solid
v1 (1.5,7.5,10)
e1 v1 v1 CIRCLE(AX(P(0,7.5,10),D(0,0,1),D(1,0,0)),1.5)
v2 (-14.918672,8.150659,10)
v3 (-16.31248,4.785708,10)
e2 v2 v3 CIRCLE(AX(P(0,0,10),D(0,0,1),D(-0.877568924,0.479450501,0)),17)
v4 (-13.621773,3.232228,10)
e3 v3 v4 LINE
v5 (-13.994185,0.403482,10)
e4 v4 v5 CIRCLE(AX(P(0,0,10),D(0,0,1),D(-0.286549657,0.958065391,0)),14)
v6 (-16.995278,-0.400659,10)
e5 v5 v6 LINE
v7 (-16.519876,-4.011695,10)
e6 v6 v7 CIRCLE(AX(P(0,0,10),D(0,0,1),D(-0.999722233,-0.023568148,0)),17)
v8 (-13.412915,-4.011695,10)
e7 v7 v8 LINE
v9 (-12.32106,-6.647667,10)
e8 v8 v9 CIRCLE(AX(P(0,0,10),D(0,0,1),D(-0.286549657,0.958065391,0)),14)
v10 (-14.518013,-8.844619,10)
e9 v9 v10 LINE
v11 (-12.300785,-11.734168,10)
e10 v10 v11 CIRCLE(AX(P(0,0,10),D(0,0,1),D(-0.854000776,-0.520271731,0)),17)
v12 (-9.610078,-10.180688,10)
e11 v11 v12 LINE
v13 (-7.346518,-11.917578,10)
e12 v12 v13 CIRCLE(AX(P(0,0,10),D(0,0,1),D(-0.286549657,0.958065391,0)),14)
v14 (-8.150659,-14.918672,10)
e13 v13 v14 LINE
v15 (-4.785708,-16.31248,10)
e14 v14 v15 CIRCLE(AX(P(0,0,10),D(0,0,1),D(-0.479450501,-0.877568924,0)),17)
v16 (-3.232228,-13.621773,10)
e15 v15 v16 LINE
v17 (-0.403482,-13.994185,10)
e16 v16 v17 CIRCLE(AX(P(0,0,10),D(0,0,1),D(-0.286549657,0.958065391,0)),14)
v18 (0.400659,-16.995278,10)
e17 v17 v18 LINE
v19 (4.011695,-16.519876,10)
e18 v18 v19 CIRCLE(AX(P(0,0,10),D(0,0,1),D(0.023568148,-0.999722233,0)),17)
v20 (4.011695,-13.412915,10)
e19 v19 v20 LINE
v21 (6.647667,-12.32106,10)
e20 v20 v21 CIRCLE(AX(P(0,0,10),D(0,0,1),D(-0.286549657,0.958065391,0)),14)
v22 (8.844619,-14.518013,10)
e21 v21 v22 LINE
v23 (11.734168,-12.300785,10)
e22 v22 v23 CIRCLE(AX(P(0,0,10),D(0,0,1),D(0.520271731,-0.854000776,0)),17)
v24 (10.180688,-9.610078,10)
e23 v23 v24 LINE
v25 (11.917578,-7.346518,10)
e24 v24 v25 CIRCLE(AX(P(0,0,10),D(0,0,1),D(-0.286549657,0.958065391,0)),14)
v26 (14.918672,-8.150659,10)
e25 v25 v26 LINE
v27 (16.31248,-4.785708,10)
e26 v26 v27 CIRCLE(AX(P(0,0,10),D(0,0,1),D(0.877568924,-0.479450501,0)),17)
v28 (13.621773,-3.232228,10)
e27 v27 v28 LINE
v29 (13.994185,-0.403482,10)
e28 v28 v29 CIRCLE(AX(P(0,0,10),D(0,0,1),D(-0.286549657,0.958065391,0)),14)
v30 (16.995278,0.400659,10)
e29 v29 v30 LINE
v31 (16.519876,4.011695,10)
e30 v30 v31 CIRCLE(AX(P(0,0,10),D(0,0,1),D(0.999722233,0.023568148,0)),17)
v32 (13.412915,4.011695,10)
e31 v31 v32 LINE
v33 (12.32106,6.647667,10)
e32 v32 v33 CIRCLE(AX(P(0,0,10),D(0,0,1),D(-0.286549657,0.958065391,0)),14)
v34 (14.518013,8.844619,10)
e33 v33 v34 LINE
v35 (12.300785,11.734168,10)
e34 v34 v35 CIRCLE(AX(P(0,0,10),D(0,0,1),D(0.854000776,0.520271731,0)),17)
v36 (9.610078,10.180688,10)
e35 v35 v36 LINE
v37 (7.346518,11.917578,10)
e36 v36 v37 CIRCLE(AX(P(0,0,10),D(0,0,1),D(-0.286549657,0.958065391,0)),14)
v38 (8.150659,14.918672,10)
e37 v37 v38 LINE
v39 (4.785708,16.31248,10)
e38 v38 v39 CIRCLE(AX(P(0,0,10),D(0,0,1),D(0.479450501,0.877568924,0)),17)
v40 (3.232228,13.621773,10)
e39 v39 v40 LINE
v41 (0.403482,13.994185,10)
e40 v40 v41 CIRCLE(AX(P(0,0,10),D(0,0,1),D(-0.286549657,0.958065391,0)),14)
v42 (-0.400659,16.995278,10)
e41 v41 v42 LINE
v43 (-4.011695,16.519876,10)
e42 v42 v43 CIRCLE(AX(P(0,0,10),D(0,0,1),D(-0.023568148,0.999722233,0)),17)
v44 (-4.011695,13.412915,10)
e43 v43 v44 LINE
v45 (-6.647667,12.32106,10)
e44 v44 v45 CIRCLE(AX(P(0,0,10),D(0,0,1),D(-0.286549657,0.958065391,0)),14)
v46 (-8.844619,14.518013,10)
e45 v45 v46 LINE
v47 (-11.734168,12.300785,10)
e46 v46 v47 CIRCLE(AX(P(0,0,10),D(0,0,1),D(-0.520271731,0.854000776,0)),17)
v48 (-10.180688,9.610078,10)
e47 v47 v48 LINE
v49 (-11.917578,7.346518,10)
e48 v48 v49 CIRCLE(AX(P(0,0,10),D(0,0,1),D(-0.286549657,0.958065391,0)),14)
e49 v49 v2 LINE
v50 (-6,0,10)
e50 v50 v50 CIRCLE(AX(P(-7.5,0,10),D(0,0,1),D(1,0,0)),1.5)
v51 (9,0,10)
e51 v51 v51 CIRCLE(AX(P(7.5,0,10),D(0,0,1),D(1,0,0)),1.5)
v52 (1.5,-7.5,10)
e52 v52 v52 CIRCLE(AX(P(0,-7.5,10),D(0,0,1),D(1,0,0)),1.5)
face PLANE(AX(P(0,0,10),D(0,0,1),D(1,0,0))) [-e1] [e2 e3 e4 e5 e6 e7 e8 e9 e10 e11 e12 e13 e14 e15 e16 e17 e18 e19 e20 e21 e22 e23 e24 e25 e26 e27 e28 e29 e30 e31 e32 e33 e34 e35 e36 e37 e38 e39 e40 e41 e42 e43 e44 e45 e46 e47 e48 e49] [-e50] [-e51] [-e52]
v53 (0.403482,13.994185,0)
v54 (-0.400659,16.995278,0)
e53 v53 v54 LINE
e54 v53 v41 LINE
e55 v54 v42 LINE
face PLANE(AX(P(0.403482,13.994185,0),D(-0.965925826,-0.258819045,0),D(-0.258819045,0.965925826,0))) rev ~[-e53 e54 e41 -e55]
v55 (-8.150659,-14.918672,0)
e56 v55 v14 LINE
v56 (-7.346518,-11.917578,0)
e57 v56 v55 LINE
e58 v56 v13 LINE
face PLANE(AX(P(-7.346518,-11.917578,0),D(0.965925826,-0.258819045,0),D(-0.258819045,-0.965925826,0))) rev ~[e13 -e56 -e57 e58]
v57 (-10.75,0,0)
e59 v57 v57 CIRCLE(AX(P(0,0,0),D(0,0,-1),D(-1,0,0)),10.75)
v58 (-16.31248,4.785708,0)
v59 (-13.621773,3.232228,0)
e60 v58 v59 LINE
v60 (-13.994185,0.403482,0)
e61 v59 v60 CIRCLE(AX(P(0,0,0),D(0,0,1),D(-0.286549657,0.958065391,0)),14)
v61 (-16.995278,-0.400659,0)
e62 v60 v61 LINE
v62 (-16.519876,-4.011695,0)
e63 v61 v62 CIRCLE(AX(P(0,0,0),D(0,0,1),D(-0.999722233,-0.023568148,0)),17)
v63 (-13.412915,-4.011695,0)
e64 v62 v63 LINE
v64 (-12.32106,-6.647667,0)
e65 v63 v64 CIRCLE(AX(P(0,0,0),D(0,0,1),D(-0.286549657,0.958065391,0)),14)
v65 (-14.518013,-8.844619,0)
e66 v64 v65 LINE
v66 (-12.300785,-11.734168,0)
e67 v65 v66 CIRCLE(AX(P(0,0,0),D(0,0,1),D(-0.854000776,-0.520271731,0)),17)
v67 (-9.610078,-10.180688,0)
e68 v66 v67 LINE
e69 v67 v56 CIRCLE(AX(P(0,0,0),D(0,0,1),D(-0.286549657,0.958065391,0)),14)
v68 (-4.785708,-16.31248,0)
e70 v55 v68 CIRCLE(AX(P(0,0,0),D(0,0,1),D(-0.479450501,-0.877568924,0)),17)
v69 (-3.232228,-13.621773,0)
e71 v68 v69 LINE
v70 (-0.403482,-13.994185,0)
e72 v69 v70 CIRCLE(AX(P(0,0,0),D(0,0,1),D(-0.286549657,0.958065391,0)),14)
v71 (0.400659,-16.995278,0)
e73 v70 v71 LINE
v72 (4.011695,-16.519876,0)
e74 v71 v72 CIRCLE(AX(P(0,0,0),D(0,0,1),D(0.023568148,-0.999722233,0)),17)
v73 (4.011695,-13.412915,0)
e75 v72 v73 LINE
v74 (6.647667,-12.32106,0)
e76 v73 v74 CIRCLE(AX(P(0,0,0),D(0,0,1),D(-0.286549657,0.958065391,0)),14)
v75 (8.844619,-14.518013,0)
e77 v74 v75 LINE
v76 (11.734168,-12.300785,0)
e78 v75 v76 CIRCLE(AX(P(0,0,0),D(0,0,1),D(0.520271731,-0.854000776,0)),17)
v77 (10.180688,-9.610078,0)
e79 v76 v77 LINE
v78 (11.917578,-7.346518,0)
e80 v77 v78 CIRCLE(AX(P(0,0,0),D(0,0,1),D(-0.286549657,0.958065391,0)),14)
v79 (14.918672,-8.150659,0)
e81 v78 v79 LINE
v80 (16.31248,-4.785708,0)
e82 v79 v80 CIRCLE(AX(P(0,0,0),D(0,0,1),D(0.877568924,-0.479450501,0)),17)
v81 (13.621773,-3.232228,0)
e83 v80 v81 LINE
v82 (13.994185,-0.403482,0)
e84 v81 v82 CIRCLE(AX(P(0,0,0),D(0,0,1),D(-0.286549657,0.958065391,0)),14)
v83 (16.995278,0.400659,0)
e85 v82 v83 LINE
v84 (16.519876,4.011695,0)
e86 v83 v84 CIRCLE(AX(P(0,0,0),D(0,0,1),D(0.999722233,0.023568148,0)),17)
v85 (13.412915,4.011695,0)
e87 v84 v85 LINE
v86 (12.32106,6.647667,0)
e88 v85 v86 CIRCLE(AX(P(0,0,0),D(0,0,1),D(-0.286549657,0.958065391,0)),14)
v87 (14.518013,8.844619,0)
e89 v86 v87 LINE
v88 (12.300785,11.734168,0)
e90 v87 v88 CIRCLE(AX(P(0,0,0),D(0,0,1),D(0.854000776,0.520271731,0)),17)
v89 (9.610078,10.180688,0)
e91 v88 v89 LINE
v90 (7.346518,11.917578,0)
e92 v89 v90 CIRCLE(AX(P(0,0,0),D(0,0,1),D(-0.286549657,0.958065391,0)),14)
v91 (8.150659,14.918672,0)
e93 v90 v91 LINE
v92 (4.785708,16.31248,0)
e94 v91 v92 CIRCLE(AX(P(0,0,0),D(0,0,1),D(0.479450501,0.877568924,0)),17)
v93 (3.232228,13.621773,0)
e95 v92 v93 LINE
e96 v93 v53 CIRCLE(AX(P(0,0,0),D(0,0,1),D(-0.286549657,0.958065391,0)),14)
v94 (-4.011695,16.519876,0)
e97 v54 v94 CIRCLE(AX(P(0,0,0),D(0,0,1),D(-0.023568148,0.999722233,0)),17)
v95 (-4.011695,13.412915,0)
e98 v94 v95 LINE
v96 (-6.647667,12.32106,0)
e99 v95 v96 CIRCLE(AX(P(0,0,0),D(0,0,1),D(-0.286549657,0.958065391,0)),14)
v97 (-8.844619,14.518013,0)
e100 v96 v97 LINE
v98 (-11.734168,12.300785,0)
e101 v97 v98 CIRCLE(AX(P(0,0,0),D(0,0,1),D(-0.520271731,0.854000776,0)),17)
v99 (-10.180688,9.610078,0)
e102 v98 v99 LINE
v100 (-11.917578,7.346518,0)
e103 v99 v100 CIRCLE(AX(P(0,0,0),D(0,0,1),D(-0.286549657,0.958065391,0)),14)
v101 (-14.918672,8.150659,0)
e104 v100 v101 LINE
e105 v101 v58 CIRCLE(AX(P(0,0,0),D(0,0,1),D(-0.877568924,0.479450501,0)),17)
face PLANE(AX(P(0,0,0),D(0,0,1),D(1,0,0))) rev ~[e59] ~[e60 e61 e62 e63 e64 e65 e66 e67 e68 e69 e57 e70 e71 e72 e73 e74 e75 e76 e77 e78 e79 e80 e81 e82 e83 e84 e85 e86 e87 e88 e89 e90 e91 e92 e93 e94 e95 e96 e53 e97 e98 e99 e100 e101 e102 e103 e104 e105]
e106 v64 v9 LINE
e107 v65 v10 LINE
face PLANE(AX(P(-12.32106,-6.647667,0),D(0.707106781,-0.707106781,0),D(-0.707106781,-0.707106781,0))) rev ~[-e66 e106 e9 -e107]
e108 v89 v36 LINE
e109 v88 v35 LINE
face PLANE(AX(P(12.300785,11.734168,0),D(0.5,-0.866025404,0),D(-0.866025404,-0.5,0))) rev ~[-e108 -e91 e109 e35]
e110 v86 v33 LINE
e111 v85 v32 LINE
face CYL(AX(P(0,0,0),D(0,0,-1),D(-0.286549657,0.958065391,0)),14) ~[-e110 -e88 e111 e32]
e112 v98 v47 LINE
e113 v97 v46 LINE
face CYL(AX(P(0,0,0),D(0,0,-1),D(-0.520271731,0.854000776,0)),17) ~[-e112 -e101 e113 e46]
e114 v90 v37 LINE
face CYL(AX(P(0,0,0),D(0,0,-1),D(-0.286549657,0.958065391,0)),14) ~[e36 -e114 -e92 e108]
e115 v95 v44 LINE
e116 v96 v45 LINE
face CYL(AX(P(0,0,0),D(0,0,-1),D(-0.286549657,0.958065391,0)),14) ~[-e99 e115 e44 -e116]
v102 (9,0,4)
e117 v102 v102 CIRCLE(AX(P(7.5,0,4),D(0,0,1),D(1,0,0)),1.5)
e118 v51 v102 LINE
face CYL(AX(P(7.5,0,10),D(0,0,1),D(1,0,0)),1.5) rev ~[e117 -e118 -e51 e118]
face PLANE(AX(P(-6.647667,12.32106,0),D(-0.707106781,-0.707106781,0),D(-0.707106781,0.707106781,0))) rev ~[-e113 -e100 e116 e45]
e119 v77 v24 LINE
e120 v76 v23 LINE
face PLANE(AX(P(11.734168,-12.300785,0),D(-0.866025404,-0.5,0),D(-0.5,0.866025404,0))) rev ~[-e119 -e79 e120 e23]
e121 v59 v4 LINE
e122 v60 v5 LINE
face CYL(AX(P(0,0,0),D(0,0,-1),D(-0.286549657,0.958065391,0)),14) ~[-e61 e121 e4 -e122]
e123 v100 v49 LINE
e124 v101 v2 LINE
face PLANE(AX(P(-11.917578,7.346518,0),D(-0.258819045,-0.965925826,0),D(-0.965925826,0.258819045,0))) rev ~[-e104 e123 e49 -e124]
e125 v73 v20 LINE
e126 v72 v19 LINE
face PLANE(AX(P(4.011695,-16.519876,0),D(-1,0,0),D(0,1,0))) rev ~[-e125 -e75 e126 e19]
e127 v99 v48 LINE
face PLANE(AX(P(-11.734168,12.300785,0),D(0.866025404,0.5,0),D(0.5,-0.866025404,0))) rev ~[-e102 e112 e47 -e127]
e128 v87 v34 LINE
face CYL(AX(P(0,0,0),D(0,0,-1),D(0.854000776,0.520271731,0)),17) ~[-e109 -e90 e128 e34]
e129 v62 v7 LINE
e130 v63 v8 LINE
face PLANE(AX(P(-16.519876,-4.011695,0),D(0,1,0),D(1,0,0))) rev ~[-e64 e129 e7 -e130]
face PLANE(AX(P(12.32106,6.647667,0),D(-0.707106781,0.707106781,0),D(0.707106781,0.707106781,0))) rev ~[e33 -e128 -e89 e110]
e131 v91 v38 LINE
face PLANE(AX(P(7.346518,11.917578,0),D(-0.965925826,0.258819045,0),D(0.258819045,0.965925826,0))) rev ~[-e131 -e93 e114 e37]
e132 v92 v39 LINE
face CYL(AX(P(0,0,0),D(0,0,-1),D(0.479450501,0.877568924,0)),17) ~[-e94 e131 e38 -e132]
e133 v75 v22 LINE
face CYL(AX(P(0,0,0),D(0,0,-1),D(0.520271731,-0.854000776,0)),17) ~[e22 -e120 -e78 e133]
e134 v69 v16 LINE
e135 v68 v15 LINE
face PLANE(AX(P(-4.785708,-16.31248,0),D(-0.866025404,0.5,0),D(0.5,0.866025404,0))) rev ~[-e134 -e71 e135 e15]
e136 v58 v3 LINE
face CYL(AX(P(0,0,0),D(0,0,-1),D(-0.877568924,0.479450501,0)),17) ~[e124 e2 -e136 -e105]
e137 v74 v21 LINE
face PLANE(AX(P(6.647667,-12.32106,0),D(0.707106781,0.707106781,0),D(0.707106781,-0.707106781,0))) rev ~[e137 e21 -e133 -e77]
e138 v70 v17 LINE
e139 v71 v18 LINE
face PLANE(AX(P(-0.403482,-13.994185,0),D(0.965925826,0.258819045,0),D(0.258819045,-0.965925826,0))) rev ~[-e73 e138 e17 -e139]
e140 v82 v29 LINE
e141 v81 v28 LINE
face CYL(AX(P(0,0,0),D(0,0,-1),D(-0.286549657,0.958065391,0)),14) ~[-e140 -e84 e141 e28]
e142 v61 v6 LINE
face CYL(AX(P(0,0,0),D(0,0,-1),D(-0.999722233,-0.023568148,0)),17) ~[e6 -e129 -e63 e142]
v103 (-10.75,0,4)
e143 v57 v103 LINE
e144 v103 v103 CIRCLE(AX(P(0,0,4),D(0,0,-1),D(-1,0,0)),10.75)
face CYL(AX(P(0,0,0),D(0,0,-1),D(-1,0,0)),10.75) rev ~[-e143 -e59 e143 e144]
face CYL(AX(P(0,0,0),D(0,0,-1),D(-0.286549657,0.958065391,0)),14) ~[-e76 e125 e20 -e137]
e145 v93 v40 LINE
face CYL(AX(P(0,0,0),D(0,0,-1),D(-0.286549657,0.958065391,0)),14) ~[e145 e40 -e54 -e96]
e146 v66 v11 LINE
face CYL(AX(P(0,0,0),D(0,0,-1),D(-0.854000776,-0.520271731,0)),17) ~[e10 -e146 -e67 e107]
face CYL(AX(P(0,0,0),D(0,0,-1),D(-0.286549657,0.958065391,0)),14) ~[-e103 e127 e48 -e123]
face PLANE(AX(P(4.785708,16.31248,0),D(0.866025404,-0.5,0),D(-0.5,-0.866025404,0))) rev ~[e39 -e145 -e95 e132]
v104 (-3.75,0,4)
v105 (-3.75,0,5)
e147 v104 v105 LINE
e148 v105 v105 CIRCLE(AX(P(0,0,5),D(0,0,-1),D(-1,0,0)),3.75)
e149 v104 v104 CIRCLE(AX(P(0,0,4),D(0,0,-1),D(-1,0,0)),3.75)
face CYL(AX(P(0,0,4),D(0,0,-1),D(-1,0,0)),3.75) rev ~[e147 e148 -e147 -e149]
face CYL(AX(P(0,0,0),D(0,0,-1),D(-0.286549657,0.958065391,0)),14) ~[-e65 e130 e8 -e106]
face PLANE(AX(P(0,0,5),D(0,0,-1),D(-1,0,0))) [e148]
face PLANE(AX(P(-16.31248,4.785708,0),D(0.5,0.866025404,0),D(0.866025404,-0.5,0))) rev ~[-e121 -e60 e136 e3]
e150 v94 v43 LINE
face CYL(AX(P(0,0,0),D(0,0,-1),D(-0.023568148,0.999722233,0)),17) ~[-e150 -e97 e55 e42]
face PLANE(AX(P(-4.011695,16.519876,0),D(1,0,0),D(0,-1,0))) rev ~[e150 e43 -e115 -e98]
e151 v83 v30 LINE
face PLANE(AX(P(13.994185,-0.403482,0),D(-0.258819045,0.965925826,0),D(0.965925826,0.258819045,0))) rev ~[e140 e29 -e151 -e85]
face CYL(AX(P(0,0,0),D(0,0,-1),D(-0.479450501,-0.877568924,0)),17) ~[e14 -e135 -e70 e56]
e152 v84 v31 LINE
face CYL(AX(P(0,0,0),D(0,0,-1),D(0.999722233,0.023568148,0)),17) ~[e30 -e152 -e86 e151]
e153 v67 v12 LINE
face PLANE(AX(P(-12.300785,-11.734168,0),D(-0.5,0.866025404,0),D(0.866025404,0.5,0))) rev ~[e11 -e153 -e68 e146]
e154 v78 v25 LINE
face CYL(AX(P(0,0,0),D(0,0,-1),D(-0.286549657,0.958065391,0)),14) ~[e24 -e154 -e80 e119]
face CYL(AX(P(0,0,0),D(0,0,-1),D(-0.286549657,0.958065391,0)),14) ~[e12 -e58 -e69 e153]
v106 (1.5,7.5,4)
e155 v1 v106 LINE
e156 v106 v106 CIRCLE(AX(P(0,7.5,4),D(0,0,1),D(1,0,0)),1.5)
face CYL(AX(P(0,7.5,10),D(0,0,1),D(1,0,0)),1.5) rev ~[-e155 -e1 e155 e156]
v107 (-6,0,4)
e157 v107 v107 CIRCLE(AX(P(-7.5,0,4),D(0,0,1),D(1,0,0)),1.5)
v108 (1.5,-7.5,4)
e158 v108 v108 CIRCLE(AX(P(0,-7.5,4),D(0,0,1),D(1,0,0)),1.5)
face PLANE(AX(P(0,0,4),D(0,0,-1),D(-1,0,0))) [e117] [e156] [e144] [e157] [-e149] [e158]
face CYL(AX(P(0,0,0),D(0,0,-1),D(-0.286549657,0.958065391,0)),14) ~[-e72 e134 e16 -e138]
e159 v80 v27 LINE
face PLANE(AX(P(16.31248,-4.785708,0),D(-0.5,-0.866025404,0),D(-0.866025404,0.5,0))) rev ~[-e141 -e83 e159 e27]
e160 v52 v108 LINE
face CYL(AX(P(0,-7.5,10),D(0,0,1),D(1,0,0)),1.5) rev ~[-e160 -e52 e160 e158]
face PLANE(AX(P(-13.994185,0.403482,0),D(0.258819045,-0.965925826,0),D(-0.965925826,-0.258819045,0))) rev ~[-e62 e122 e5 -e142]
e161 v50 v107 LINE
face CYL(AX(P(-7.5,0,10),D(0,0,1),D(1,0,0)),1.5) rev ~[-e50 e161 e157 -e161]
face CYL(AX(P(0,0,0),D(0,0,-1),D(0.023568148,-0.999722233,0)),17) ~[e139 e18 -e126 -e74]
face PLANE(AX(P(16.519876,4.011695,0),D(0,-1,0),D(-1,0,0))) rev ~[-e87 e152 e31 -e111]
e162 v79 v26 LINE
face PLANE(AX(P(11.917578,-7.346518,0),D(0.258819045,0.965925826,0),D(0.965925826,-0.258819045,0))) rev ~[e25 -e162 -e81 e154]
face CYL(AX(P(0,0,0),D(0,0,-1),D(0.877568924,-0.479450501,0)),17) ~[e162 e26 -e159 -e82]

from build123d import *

# Parameters (mm, degrees)
SKETCH_1_R          = 14
EXTRUDE_2_DEPTH     = 10
SKETCH_2_R          = 10.75
CUT_EXTRUDE_1_DEPTH = 4
SKETCH_3_R          = 1.5
CUT_EXTRUDE_2_DEPTH = 10
SKETCH_4_R          = 3.75
CUT_EXTRUDE_3_DEPTH = 1


with BuildPart() as part:
    # 草圖1 → 填料-伸長2 (new body)
    with BuildSketch(Plane.XY):
        Circle(SKETCH_1_R)
        with BuildLine():
            Line((-4.011695199, 16.519875957), (-4.011695199, 13.412915478))
            ThreePointArc((-4.011695199, 13.412915478), (-1.827366691, 13.880228059), (0.403482024, 13.994184587))
            Line((0.403482024, 13.994184587), (-0.40065852, 16.995277954))
            ThreePointArc((-0.40065852, 16.995277954), (-2.218945268, 16.854562643), (-4.011695199, 16.519875957))
        make_face()
        with BuildLine():
            Line((4.785708024, 16.312479846), (3.232227785, 13.621773143))
            ThreePointArc((3.232227785, 13.621773143), (5.357568053, 12.934313455), (7.346517976, 11.917578346))
            Line((7.346517976, 11.917578346), (8.15065852, 14.918671713))
            ThreePointArc((8.15065852, 14.918671713), (6.50561835, 15.705952053), (4.785708024, 16.312479846))
        make_face()
        with BuildLine():
            Line((12.300784646, 11.734167933), (9.610077944, 10.180687694))
            ThreePointArc((9.610077944, 10.180687694), (11.106946764, 8.522660006), (12.32106037, 6.647666611))
            Line((12.32106037, 6.647666611), (14.518013193, 8.844619434))
            ThreePointArc((14.518013193, 8.844619434), (13.487006785, 10.348944293), (12.300784646, 11.734167933))
        make_face()
        with BuildLine():
            Line((16.519875957, 4.011695199), (13.412915478, 4.011695199))
            ThreePointArc((13.412915478, 4.011695199), (13.852451348, 2.027212779), (14, 0))
            ThreePointArc((14, 0), (13.998546071, -0.201761965), (13.994184587, -0.403482024))
            Line((13.994184587, -0.403482024), (16.995277954, 0.40065852))
            ThreePointArc((16.995277954, 0.40065852), (16.854562643, 2.218945268), (16.519875957, 4.011695199))
        make_face()
        with BuildLine():
            Line((16.312479846, -4.785708024), (13.621773143, -3.232227785))
            ThreePointArc((13.621773143, -3.232227785), (12.934313455, -5.357568053), (11.917578346, -7.346517976))
            Line((11.917578346, -7.346517976), (14.918671713, -8.15065852))
            ThreePointArc((14.918671713, -8.15065852), (15.705952053, -6.50561835), (16.312479846, -4.785708024))
        make_face()
        with BuildLine():
            ThreePointArc((10.180687694, -9.610077944), (8.522660006, -11.106946764), (6.647666611, -12.32106037))
            Line((6.647666611, -12.32106037), (8.844619434, -14.518013193))
            ThreePointArc((8.844619434, -14.518013193), (10.348944293, -13.487006785), (11.734167933, -12.300784646))
            Line((11.734167933, -12.300784646), (10.180687694, -9.610077944))
        make_face()
        with BuildLine():
            ThreePointArc((4.011695199, -13.412915478), (1.827366691, -13.880228059), (-0.403482024, -13.994184587))
            Line((-0.403482024, -13.994184587), (0.40065852, -16.995277954))
            ThreePointArc((0.40065852, -16.995277954), (2.218945268, -16.854562643), (4.011695199, -16.519875957))
            Line((4.011695199, -16.519875957), (4.011695199, -13.412915478))
        make_face()
        with BuildLine():
            ThreePointArc((-3.232227785, -13.621773143), (-5.357568053, -12.934313455), (-7.346517976, -11.917578346))
            Line((-7.346517976, -11.917578346), (-8.15065852, -14.918671713))
            ThreePointArc((-8.15065852, -14.918671713), (-6.50561835, -15.705952053), (-4.785708024, -16.312479846))
            Line((-4.785708024, -16.312479846), (-3.232227785, -13.621773143))
        make_face()
        with BuildLine():
            ThreePointArc((-9.610077944, -10.180687694), (-11.106946764, -8.522660006), (-12.32106037, -6.647666611))
            Line((-12.32106037, -6.647666611), (-14.518013193, -8.844619434))
            ThreePointArc((-14.518013193, -8.844619434), (-13.487006785, -10.348944293), (-12.300784646, -11.734167933))
            Line((-12.300784646, -11.734167933), (-9.610077944, -10.180687694))
        make_face()
        with BuildLine():
            ThreePointArc((-13.412915478, -4.011695199), (-13.880228059, -1.827366691), (-13.994184587, 0.403482024))
            Line((-13.994184587, 0.403482024), (-16.995277954, -0.40065852))
            ThreePointArc((-16.995277954, -0.40065852), (-16.854562643, -2.218945268), (-16.519875957, -4.011695199))
            Line((-16.519875957, -4.011695199), (-13.412915478, -4.011695199))
        make_face()
        with BuildLine():
            ThreePointArc((-13.621773143, 3.232227785), (-12.934313455, 5.357568053), (-11.917578346, 7.346517976))
            Line((-11.917578346, 7.346517976), (-14.918671713, 8.15065852))
            ThreePointArc((-14.918671713, 8.15065852), (-15.705952053, 6.50561835), (-16.312479846, 4.785708024))
            Line((-16.312479846, 4.785708024), (-13.621773143, 3.232227785))
        make_face()
        with BuildLine():
            Line((-11.734167933, 12.300784646), (-10.180687694, 9.610077944))
            ThreePointArc((-10.180687694, 9.610077944), (-8.522660006, 11.106946764), (-6.647666611, 12.32106037))
            Line((-6.647666611, 12.32106037), (-8.844619434, 14.518013193))
            ThreePointArc((-8.844619434, 14.518013193), (-10.348944293, 13.487006785), (-11.734167933, 12.300784646))
        make_face()
    extrude(amount=EXTRUDE_2_DEPTH)

    # 草圖2 → 除料-伸長1 (cut)
    with BuildSketch(Plane(origin=(0, 0, 0), x_dir=(-1, 0, 0), z_dir=(0, 0, -1))):
        Circle(SKETCH_2_R)
    extrude(amount=-CUT_EXTRUDE_1_DEPTH, mode=Mode.SUBTRACT)

    # 草圖3 → 除料-伸長2 (cut)
    with BuildSketch(Plane.XY.offset(10)):
        with Locations((-7.5, 0)):
            Circle(SKETCH_3_R)
        with Locations((7.5, 0)):
            Circle(SKETCH_3_R)
        with Locations((0, 7.5)):
            Circle(SKETCH_3_R)
        with Locations((0, -7.5)):
            Circle(SKETCH_3_R)
    extrude(amount=-CUT_EXTRUDE_2_DEPTH, mode=Mode.SUBTRACT)

    # 草圖4 → 除料-伸長3 (cut)
    with BuildSketch(Plane(origin=(0, 0, 4), x_dir=(-1, 0, 0), z_dir=(0, 0, -1))):
        Circle(SKETCH_4_R)
    extrude(amount=-CUT_EXTRUDE_3_DEPTH, mode=Mode.SUBTRACT)


solid = part.part
